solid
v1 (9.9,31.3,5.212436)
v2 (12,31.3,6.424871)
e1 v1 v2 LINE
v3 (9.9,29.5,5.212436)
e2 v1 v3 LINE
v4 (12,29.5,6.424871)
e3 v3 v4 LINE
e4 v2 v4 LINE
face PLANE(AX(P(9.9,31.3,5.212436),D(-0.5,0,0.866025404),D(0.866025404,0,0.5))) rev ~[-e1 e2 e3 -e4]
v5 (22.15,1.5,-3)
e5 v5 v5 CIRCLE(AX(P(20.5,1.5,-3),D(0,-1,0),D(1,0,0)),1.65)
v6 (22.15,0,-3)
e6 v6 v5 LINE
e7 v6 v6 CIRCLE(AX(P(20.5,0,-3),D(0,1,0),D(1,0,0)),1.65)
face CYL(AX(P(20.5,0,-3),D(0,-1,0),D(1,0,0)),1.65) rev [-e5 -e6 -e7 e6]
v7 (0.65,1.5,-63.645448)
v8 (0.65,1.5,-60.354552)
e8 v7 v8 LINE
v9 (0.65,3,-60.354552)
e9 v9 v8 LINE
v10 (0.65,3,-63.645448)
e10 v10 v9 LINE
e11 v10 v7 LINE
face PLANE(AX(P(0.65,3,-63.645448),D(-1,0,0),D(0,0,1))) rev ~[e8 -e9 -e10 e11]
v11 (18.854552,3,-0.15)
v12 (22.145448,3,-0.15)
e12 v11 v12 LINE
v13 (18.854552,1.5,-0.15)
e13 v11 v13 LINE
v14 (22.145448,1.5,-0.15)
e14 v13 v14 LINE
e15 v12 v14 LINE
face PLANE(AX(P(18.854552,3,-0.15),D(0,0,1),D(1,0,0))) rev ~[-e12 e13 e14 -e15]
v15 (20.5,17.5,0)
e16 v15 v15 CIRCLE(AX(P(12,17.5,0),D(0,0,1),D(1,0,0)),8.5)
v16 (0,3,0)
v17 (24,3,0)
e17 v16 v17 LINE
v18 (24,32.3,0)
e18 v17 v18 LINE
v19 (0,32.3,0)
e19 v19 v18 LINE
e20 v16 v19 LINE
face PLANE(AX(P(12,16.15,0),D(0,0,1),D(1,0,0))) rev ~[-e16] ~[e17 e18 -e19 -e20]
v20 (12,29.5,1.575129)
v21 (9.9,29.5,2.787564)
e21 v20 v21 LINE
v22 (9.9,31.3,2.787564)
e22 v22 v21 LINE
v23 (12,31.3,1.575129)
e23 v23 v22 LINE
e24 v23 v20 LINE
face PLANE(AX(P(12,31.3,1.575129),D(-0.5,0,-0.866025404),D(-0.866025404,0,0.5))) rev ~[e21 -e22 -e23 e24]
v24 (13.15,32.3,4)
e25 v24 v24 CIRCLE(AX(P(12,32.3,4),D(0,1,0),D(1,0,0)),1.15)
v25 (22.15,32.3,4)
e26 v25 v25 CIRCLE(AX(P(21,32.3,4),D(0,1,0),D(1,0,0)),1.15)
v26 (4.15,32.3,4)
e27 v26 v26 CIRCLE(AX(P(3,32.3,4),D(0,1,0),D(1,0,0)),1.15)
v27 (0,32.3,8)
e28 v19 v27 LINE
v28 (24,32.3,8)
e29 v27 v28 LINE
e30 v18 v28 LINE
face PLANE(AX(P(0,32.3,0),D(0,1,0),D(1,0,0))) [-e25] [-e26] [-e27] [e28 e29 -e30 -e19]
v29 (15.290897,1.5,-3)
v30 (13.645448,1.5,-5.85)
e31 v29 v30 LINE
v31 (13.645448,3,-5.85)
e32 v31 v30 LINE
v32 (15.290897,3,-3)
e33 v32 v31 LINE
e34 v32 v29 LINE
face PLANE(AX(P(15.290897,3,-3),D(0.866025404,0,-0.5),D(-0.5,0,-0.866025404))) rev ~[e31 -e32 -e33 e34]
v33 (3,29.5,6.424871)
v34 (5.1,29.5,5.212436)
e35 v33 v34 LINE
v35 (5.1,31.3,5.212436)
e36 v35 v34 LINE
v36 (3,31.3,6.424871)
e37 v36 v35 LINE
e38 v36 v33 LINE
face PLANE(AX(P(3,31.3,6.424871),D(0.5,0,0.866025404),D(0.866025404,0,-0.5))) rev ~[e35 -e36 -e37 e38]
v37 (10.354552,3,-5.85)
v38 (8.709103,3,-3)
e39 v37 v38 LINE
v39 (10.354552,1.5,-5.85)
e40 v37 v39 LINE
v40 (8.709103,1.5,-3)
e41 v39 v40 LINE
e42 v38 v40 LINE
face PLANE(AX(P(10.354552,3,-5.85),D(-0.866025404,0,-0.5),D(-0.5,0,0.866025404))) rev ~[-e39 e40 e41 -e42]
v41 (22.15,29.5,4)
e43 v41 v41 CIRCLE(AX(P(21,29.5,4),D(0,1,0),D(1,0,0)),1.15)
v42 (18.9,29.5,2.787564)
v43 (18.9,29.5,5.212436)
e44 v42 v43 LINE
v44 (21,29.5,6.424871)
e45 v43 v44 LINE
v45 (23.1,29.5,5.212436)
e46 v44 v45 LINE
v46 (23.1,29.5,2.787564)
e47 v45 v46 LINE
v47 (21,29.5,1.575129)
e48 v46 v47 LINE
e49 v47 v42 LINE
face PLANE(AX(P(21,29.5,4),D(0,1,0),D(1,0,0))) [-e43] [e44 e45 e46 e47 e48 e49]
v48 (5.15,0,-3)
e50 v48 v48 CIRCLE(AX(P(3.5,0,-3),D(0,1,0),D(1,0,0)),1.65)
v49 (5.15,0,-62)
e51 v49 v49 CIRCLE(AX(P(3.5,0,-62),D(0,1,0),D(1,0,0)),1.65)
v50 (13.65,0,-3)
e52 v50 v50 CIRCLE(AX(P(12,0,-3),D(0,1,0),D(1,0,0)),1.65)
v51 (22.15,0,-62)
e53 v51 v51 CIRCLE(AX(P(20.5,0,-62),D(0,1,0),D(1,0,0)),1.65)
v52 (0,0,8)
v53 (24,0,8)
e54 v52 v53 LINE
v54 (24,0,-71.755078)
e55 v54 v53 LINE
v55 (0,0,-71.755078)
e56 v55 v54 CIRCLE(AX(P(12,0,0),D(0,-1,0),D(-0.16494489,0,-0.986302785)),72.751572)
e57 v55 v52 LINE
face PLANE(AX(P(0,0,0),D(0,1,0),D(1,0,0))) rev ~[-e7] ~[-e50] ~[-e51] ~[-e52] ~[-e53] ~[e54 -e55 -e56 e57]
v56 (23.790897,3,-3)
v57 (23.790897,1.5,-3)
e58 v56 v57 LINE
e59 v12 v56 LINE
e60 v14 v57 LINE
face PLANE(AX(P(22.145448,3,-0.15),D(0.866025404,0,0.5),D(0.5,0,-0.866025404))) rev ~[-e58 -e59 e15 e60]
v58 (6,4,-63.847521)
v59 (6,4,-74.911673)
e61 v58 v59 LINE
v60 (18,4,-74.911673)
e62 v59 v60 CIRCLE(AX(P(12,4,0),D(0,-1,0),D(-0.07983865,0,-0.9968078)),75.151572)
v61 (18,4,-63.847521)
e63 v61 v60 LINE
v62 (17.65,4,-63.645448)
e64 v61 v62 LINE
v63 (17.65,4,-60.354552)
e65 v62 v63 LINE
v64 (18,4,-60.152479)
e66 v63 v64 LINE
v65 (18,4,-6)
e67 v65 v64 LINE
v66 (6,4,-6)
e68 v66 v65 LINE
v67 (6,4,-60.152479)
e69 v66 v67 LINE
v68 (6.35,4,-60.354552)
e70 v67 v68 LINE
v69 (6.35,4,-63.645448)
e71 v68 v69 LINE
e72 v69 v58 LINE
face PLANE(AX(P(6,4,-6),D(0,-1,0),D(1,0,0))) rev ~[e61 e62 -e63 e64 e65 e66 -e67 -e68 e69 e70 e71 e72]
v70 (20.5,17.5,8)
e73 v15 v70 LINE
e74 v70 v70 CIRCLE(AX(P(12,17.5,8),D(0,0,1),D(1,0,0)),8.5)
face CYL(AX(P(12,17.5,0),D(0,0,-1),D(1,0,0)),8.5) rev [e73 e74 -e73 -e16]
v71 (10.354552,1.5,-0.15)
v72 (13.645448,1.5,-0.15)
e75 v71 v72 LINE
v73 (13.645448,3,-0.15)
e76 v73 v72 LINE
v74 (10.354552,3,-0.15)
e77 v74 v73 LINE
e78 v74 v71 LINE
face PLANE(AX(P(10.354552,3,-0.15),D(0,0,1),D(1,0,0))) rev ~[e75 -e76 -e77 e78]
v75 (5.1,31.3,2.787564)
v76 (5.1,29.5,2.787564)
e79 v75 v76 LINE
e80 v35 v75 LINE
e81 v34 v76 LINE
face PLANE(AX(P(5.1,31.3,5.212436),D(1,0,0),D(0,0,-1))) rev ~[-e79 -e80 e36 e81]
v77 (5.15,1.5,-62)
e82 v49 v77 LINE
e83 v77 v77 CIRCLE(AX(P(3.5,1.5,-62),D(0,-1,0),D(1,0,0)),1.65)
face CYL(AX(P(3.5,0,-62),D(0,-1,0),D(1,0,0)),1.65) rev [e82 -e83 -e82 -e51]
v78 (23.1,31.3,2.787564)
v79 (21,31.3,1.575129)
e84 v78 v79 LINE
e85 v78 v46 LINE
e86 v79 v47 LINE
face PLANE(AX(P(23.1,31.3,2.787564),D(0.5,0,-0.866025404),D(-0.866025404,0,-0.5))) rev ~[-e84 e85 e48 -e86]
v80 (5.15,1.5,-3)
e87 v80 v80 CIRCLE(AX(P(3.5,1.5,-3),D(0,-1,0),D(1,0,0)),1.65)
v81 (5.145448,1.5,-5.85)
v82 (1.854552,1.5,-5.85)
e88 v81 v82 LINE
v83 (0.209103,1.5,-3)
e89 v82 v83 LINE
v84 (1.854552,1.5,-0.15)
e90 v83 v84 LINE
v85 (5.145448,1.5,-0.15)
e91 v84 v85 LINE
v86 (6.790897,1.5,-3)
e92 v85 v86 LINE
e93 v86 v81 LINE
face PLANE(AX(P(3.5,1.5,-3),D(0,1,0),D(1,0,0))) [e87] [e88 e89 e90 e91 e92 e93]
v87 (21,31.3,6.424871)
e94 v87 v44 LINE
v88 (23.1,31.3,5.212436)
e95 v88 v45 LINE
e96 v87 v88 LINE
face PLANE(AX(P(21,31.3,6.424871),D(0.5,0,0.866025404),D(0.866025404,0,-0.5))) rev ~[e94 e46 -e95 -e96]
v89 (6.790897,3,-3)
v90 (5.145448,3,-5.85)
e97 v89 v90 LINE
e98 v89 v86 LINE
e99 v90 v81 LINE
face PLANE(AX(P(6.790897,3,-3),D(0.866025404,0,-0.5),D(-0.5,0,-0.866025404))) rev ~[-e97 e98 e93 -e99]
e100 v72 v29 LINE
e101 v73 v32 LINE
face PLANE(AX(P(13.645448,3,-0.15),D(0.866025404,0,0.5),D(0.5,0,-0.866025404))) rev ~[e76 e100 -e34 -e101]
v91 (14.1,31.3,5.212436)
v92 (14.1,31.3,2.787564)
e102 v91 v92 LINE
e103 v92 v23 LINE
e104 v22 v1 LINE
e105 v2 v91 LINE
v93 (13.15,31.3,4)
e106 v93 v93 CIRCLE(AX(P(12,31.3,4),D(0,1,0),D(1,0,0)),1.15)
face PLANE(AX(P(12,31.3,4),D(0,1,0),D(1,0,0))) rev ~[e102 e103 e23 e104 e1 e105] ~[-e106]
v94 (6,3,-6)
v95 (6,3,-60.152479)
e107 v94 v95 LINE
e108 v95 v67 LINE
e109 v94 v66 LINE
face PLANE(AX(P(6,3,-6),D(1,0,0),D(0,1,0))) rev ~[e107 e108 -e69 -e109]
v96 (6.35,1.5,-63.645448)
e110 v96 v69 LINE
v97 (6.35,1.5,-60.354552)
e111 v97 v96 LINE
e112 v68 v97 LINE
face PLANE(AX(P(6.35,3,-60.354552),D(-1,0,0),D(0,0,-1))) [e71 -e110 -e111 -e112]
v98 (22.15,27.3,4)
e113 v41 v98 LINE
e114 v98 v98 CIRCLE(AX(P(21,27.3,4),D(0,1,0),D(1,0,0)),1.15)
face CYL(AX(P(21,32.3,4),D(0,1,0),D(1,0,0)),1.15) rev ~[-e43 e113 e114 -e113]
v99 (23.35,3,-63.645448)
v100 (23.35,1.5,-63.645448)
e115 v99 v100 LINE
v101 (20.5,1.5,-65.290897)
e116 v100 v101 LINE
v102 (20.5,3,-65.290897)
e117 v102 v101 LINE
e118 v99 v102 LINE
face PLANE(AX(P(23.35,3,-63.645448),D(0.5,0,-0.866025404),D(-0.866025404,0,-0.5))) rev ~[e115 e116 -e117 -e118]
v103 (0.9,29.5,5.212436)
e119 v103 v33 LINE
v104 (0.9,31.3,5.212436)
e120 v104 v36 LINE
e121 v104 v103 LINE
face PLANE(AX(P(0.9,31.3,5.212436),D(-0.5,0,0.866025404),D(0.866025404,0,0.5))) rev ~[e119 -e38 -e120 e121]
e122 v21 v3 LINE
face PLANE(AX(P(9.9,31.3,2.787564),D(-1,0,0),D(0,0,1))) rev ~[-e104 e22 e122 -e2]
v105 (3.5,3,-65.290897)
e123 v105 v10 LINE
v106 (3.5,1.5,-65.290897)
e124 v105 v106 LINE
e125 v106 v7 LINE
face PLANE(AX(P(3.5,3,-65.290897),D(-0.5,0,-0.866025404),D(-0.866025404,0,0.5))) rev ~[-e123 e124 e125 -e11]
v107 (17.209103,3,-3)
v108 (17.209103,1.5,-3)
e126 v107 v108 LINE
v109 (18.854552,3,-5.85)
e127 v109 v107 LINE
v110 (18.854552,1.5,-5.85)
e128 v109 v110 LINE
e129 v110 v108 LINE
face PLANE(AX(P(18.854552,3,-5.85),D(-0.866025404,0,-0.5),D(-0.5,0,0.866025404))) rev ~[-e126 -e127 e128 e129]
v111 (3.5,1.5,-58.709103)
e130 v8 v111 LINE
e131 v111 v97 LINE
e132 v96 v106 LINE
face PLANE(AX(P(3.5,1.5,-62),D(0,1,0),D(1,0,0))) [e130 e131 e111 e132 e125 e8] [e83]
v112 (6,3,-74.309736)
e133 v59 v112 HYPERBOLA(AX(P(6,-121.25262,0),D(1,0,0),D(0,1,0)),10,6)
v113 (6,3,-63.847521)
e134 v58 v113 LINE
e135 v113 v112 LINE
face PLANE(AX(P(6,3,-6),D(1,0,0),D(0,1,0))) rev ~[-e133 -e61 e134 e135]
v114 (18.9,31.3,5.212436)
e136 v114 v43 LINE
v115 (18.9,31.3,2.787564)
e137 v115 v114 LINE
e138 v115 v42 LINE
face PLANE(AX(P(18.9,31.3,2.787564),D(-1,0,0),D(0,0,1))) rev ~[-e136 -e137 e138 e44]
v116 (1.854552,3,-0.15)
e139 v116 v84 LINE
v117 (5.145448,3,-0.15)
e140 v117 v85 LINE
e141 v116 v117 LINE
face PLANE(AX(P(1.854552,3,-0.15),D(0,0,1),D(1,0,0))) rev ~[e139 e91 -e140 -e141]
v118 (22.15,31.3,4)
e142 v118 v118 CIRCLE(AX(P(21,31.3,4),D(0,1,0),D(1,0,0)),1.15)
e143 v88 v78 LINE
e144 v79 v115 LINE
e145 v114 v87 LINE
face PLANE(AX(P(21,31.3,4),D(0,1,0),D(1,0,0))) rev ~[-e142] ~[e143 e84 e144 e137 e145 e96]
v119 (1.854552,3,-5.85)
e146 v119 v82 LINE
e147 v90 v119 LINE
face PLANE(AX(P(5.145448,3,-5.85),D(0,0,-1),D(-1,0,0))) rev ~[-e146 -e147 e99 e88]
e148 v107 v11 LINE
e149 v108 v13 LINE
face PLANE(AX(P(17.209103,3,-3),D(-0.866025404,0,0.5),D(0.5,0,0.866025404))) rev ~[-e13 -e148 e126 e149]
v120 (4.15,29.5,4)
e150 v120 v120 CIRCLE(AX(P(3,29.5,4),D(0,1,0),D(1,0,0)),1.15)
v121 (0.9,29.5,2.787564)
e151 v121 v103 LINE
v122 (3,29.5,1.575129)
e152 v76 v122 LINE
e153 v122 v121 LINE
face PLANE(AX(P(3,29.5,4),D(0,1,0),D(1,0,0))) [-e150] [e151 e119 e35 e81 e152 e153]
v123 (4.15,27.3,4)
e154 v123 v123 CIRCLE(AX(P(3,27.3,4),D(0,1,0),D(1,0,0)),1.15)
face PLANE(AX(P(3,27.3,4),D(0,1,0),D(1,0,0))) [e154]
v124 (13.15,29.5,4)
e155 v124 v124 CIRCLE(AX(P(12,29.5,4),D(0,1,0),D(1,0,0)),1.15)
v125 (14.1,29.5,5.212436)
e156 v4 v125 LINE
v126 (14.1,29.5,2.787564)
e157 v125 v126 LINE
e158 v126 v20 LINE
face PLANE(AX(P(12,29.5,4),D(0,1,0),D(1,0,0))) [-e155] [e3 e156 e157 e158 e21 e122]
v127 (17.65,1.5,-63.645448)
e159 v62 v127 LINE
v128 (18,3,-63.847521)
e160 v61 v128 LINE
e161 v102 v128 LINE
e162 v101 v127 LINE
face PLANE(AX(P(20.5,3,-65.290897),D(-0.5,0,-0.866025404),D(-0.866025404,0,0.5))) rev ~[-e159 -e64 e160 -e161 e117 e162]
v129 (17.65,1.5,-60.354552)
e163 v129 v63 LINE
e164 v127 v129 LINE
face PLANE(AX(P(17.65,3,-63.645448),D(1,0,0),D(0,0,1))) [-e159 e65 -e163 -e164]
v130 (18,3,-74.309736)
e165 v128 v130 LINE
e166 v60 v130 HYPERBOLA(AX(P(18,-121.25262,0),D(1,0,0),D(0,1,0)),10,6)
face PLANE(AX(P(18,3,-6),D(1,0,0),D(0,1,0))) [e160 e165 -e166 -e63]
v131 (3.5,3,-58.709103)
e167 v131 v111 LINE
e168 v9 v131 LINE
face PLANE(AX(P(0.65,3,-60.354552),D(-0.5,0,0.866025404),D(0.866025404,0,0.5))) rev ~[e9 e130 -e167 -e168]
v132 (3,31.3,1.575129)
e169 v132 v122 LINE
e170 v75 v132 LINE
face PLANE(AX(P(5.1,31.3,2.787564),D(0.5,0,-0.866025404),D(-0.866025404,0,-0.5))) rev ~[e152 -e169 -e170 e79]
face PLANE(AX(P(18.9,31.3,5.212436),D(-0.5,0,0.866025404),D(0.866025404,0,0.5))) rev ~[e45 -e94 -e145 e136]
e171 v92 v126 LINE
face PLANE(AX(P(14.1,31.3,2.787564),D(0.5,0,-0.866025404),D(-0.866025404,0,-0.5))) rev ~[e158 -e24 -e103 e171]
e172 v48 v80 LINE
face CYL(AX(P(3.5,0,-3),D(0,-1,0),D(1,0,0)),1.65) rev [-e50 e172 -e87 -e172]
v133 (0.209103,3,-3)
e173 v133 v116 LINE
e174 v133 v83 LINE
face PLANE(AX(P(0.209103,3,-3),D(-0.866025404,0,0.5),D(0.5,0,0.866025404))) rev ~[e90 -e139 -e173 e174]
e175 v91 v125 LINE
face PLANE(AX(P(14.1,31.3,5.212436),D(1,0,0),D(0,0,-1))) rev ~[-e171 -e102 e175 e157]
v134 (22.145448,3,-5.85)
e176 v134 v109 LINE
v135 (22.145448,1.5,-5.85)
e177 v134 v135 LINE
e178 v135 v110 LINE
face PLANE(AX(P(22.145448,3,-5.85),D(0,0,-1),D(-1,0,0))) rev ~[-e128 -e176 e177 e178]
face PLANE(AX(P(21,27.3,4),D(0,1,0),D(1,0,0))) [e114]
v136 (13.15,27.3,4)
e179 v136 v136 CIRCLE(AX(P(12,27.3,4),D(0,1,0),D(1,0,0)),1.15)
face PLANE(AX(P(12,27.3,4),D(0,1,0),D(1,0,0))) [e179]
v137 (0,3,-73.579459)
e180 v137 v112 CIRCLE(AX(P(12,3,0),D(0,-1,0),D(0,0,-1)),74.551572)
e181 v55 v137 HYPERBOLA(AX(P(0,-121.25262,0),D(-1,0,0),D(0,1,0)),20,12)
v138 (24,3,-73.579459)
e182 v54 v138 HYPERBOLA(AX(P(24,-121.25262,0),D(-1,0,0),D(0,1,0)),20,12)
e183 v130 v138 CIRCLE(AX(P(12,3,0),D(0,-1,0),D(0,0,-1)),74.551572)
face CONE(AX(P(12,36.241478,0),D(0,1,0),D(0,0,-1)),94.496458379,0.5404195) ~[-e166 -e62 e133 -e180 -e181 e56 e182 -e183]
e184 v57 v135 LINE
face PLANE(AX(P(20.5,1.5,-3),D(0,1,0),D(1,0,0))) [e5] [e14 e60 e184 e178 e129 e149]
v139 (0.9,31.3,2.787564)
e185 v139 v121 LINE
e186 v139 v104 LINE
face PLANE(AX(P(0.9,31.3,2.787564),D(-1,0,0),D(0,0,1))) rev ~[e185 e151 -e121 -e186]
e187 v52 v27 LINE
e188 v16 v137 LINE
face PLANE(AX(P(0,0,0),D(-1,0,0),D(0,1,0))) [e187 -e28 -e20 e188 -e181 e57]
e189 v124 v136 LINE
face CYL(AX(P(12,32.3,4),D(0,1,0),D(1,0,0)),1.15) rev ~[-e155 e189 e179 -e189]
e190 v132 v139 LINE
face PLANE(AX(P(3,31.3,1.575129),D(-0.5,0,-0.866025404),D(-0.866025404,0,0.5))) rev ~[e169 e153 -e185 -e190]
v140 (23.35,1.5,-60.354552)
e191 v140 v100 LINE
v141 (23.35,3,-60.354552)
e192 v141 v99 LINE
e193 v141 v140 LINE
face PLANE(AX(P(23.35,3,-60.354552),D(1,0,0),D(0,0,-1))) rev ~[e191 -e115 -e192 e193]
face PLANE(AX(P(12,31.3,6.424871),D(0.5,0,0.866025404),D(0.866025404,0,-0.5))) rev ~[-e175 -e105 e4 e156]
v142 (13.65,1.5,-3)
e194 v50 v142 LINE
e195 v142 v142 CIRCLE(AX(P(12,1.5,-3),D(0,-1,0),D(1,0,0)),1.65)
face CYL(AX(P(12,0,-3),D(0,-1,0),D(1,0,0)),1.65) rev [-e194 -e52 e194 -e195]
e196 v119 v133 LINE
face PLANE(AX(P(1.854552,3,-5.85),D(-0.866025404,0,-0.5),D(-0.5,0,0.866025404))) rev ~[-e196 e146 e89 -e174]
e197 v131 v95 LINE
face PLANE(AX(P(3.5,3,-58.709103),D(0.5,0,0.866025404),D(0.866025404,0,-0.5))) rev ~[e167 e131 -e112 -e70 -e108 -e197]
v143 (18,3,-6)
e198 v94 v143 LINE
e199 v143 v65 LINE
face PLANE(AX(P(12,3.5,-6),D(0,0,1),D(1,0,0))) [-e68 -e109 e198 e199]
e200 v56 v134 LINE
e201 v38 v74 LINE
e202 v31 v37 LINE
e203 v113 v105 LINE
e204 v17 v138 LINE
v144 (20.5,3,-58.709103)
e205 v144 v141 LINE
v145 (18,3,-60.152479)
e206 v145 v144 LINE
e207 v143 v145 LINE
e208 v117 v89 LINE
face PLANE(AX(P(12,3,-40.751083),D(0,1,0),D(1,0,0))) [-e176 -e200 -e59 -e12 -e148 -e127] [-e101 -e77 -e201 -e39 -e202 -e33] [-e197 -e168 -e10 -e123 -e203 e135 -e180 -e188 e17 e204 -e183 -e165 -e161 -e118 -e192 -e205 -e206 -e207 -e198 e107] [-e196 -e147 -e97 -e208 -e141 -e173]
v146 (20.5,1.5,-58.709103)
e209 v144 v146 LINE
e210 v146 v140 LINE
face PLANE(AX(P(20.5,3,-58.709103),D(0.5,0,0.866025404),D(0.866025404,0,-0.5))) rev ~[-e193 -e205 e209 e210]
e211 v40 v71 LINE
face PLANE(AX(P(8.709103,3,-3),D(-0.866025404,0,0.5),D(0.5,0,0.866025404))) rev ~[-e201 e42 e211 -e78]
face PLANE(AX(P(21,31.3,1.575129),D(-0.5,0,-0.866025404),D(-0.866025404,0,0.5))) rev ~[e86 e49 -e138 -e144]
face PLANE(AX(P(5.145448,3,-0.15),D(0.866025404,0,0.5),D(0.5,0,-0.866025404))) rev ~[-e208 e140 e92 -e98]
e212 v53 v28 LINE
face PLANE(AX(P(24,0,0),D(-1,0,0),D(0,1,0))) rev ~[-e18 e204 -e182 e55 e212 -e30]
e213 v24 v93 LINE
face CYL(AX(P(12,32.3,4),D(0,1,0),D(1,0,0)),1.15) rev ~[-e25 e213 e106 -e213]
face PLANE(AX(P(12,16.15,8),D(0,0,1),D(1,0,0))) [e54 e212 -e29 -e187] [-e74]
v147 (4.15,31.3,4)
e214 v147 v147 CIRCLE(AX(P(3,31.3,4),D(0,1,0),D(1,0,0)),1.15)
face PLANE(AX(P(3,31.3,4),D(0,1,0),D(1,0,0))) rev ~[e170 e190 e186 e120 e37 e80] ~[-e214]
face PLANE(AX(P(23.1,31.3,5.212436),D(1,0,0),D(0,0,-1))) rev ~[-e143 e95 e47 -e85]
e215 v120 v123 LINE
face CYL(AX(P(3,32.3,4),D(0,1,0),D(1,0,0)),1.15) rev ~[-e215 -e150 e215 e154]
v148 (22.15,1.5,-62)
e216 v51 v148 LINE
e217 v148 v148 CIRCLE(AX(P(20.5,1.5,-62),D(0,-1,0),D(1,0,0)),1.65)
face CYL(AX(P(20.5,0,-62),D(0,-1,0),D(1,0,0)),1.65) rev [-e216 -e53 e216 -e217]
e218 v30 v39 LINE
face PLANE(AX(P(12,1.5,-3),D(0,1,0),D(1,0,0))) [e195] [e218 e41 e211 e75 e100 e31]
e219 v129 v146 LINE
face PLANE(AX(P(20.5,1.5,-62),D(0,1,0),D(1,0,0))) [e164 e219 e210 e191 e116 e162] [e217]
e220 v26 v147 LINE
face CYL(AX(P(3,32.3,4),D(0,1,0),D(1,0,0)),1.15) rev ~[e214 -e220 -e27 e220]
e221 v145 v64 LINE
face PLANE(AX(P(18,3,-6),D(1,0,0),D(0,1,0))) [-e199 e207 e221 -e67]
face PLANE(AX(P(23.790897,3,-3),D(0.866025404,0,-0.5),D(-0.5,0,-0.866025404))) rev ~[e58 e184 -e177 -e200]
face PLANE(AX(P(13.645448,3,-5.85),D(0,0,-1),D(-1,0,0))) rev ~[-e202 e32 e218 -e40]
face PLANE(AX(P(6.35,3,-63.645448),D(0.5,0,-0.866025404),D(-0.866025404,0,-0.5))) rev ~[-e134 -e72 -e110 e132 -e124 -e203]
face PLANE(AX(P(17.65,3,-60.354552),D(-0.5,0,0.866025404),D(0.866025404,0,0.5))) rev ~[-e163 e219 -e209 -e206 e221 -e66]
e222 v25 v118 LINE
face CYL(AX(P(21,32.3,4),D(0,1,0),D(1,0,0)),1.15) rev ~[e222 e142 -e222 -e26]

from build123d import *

# Parameters (mm, degrees)
SKETCH1_W               = 24
SKETCH1_H               = 81.502166862
BOSS_EXTRUDE1_DEPTH     = 3
SKETCH2_R               = 1.65
CUT_EXTRUDE1_DEPTH      = 4
BOSS_EXTRUDE2_START     = -6
SKETCH3_W               = 12
SKETCH3_H               = 1
BOSS_EXTRUDE2_DEPTH     = 75.502167
CUT_EXTRUDE2_DEPTH      = 2
CUT_EXTRUDE2_DEPTH_BACK = 1.5
SKETCH6_W               = 24
SKETCH6_H               = 32.3
SKETCH6_R               = 8.5
BOSS_EXTRUDE3_DEPTH     = 8
SKETCH9_R               = 1.15
CUT_EXTRUDE3_DEPTH      = 5
CUT_EXTRUDE4_START      = -1
CUT_EXTRUDE4_DEPTH      = 1.8


with BuildPart() as part:
    # Sketch1 → Boss-Extrude1 (new body)
    with BuildSketch(Plane(origin=(0, 0, 0), x_dir=(1, 0, 0), z_dir=(0, 1, 0))):
        with Locations((12, 40.751083431)):
            Rectangle(SKETCH1_W, SKETCH1_H)
    extrude(amount=BOSS_EXTRUDE1_DEPTH)

    # Sketch2 → Cut-Extrude1 (cut, through all)
    with BuildSketch(Plane(origin=(0, 0, 0), x_dir=(1, 0, 0), z_dir=(0, 1, 0))):
        with Locations((3.5, 3)):
            Circle(SKETCH2_R)
        with Locations((12, 3)):
            Circle(SKETCH2_R)
        with Locations((20.5, 3)):
            Circle(SKETCH2_R)
        with Locations((3.5, 62)):
            Circle(SKETCH2_R)
        with Locations((20.5, 62)):
            Circle(SKETCH2_R)
    extrude(amount=CUT_EXTRUDE1_DEPTH, mode=Mode.SUBTRACT)

    # Sketch3 → Boss-Extrude2 (add)
    with BuildSketch(Plane.XY.offset(BOSS_EXTRUDE2_START)):
        with Locations((12, 3.5)):
            Rectangle(SKETCH3_W, SKETCH3_H)
    extrude(amount=-BOSS_EXTRUDE2_DEPTH)

    # Sketch4 → Cut-Revolve1 (revolve, cut)
    with BuildSketch(Plane(origin=(12, 0, 0), x_dir=(0, 0, -1), z_dir=(1, 0, 0))):
        Polygon((94.496458379, 36.241477716), (19.413701779, -88.89644995), (139.590265278, -88.89644995), (139.590265278, 36.241477716), align=None)
    revolve(axis=Axis((12, 0, 0), (0, 1, 0)), mode=Mode.SUBTRACT)

    # Sketch5 → Cut-Extrude2 (cut, two sides)
    with BuildSketch(Plane(origin=(0, 3, 0), x_dir=(1, 0, 0), z_dir=(0, 1, 0))) as cut_extrude2_sk:
        Polygon((15.290896534, 3), (13.645448267, 5.85), (10.354551733, 5.85), (8.709103466, 3), (10.354551733, 0.15), (13.645448267, 0.15), align=None)
        Polygon((23.790896534, 3), (22.145448267, 5.85), (18.854551733, 5.85), (17.209103466, 3), (18.854551733, 0.15), (22.145448267, 0.15), align=None)
        Polygon((6.790896534, 3), (5.145448267, 5.85), (1.854551733, 5.85), (0.209103466, 3), (1.854551733, 0.15), (5.145448267, 0.15), align=None)
        Polygon((6.35, 63.645448267), (3.5, 65.290896534), (0.65, 63.645448267), (0.65, 60.354551733), (3.5, 58.709103466), (6.35, 60.354551733), align=None)
        Polygon((23.35, 63.645448267), (20.5, 65.290896534), (17.65, 63.645448267), (17.65, 60.354551733), (20.5, 58.709103466), (23.35, 60.354551733), align=None)
    extrude(amount=CUT_EXTRUDE2_DEPTH, mode=Mode.SUBTRACT)
    extrude(cut_extrude2_sk.sketch, amount=-CUT_EXTRUDE2_DEPTH_BACK, mode=Mode.SUBTRACT)

    # Sketch6 → Boss-Extrude3 (add)
    with BuildSketch(Plane.XY):
        with Locations((12, 16.15)):
            Rectangle(SKETCH6_W, SKETCH6_H)
        with Locations((12, 17.5)):
            Circle(SKETCH6_R, mode=Mode.SUBTRACT)
    extrude(amount=BOSS_EXTRUDE3_DEPTH)

    # Sketch9 → Cut-Extrude3 (cut)
    with BuildSketch(Plane(origin=(0, 32.3, 0), x_dir=(1, 0, 0), z_dir=(0, 1, 0))):
        with Locations((3, -4)):
            Circle(SKETCH9_R)
        with Locations((12, -4)):
            Circle(SKETCH9_R)
        with Locations((21, -4)):
            Circle(SKETCH9_R)
    extrude(amount=-CUT_EXTRUDE3_DEPTH, mode=Mode.SUBTRACT)

    # Sketch10 → Cut-Extrude4 (cut)
    with BuildSketch(Plane(origin=(0, 32.3, 0), x_dir=(1, 0, 0), z_dir=(0, 1, 0)).offset(CUT_EXTRUDE4_START)):
        Polygon((3, -6.424871131), (5.1, -5.212435565), (5.1, -2.787564435), (3, -1.575128869), (0.9, -2.787564435), (0.9, -5.212435565), align=None)
        Polygon((12, -6.424871131), (14.1, -5.212435565), (14.1, -2.787564435), (12, -1.575128869), (9.9, -2.787564435), (9.9, -5.212435565), align=None)
        Polygon((21, -6.424871131), (23.1, -5.212435565), (23.1, -2.787564435), (21, -1.575128869), (18.9, -2.787564435), (18.9, -5.212435565), align=None)
    extrude(amount=-CUT_EXTRUDE4_DEPTH, mode=Mode.SUBTRACT)


solid = part.part
